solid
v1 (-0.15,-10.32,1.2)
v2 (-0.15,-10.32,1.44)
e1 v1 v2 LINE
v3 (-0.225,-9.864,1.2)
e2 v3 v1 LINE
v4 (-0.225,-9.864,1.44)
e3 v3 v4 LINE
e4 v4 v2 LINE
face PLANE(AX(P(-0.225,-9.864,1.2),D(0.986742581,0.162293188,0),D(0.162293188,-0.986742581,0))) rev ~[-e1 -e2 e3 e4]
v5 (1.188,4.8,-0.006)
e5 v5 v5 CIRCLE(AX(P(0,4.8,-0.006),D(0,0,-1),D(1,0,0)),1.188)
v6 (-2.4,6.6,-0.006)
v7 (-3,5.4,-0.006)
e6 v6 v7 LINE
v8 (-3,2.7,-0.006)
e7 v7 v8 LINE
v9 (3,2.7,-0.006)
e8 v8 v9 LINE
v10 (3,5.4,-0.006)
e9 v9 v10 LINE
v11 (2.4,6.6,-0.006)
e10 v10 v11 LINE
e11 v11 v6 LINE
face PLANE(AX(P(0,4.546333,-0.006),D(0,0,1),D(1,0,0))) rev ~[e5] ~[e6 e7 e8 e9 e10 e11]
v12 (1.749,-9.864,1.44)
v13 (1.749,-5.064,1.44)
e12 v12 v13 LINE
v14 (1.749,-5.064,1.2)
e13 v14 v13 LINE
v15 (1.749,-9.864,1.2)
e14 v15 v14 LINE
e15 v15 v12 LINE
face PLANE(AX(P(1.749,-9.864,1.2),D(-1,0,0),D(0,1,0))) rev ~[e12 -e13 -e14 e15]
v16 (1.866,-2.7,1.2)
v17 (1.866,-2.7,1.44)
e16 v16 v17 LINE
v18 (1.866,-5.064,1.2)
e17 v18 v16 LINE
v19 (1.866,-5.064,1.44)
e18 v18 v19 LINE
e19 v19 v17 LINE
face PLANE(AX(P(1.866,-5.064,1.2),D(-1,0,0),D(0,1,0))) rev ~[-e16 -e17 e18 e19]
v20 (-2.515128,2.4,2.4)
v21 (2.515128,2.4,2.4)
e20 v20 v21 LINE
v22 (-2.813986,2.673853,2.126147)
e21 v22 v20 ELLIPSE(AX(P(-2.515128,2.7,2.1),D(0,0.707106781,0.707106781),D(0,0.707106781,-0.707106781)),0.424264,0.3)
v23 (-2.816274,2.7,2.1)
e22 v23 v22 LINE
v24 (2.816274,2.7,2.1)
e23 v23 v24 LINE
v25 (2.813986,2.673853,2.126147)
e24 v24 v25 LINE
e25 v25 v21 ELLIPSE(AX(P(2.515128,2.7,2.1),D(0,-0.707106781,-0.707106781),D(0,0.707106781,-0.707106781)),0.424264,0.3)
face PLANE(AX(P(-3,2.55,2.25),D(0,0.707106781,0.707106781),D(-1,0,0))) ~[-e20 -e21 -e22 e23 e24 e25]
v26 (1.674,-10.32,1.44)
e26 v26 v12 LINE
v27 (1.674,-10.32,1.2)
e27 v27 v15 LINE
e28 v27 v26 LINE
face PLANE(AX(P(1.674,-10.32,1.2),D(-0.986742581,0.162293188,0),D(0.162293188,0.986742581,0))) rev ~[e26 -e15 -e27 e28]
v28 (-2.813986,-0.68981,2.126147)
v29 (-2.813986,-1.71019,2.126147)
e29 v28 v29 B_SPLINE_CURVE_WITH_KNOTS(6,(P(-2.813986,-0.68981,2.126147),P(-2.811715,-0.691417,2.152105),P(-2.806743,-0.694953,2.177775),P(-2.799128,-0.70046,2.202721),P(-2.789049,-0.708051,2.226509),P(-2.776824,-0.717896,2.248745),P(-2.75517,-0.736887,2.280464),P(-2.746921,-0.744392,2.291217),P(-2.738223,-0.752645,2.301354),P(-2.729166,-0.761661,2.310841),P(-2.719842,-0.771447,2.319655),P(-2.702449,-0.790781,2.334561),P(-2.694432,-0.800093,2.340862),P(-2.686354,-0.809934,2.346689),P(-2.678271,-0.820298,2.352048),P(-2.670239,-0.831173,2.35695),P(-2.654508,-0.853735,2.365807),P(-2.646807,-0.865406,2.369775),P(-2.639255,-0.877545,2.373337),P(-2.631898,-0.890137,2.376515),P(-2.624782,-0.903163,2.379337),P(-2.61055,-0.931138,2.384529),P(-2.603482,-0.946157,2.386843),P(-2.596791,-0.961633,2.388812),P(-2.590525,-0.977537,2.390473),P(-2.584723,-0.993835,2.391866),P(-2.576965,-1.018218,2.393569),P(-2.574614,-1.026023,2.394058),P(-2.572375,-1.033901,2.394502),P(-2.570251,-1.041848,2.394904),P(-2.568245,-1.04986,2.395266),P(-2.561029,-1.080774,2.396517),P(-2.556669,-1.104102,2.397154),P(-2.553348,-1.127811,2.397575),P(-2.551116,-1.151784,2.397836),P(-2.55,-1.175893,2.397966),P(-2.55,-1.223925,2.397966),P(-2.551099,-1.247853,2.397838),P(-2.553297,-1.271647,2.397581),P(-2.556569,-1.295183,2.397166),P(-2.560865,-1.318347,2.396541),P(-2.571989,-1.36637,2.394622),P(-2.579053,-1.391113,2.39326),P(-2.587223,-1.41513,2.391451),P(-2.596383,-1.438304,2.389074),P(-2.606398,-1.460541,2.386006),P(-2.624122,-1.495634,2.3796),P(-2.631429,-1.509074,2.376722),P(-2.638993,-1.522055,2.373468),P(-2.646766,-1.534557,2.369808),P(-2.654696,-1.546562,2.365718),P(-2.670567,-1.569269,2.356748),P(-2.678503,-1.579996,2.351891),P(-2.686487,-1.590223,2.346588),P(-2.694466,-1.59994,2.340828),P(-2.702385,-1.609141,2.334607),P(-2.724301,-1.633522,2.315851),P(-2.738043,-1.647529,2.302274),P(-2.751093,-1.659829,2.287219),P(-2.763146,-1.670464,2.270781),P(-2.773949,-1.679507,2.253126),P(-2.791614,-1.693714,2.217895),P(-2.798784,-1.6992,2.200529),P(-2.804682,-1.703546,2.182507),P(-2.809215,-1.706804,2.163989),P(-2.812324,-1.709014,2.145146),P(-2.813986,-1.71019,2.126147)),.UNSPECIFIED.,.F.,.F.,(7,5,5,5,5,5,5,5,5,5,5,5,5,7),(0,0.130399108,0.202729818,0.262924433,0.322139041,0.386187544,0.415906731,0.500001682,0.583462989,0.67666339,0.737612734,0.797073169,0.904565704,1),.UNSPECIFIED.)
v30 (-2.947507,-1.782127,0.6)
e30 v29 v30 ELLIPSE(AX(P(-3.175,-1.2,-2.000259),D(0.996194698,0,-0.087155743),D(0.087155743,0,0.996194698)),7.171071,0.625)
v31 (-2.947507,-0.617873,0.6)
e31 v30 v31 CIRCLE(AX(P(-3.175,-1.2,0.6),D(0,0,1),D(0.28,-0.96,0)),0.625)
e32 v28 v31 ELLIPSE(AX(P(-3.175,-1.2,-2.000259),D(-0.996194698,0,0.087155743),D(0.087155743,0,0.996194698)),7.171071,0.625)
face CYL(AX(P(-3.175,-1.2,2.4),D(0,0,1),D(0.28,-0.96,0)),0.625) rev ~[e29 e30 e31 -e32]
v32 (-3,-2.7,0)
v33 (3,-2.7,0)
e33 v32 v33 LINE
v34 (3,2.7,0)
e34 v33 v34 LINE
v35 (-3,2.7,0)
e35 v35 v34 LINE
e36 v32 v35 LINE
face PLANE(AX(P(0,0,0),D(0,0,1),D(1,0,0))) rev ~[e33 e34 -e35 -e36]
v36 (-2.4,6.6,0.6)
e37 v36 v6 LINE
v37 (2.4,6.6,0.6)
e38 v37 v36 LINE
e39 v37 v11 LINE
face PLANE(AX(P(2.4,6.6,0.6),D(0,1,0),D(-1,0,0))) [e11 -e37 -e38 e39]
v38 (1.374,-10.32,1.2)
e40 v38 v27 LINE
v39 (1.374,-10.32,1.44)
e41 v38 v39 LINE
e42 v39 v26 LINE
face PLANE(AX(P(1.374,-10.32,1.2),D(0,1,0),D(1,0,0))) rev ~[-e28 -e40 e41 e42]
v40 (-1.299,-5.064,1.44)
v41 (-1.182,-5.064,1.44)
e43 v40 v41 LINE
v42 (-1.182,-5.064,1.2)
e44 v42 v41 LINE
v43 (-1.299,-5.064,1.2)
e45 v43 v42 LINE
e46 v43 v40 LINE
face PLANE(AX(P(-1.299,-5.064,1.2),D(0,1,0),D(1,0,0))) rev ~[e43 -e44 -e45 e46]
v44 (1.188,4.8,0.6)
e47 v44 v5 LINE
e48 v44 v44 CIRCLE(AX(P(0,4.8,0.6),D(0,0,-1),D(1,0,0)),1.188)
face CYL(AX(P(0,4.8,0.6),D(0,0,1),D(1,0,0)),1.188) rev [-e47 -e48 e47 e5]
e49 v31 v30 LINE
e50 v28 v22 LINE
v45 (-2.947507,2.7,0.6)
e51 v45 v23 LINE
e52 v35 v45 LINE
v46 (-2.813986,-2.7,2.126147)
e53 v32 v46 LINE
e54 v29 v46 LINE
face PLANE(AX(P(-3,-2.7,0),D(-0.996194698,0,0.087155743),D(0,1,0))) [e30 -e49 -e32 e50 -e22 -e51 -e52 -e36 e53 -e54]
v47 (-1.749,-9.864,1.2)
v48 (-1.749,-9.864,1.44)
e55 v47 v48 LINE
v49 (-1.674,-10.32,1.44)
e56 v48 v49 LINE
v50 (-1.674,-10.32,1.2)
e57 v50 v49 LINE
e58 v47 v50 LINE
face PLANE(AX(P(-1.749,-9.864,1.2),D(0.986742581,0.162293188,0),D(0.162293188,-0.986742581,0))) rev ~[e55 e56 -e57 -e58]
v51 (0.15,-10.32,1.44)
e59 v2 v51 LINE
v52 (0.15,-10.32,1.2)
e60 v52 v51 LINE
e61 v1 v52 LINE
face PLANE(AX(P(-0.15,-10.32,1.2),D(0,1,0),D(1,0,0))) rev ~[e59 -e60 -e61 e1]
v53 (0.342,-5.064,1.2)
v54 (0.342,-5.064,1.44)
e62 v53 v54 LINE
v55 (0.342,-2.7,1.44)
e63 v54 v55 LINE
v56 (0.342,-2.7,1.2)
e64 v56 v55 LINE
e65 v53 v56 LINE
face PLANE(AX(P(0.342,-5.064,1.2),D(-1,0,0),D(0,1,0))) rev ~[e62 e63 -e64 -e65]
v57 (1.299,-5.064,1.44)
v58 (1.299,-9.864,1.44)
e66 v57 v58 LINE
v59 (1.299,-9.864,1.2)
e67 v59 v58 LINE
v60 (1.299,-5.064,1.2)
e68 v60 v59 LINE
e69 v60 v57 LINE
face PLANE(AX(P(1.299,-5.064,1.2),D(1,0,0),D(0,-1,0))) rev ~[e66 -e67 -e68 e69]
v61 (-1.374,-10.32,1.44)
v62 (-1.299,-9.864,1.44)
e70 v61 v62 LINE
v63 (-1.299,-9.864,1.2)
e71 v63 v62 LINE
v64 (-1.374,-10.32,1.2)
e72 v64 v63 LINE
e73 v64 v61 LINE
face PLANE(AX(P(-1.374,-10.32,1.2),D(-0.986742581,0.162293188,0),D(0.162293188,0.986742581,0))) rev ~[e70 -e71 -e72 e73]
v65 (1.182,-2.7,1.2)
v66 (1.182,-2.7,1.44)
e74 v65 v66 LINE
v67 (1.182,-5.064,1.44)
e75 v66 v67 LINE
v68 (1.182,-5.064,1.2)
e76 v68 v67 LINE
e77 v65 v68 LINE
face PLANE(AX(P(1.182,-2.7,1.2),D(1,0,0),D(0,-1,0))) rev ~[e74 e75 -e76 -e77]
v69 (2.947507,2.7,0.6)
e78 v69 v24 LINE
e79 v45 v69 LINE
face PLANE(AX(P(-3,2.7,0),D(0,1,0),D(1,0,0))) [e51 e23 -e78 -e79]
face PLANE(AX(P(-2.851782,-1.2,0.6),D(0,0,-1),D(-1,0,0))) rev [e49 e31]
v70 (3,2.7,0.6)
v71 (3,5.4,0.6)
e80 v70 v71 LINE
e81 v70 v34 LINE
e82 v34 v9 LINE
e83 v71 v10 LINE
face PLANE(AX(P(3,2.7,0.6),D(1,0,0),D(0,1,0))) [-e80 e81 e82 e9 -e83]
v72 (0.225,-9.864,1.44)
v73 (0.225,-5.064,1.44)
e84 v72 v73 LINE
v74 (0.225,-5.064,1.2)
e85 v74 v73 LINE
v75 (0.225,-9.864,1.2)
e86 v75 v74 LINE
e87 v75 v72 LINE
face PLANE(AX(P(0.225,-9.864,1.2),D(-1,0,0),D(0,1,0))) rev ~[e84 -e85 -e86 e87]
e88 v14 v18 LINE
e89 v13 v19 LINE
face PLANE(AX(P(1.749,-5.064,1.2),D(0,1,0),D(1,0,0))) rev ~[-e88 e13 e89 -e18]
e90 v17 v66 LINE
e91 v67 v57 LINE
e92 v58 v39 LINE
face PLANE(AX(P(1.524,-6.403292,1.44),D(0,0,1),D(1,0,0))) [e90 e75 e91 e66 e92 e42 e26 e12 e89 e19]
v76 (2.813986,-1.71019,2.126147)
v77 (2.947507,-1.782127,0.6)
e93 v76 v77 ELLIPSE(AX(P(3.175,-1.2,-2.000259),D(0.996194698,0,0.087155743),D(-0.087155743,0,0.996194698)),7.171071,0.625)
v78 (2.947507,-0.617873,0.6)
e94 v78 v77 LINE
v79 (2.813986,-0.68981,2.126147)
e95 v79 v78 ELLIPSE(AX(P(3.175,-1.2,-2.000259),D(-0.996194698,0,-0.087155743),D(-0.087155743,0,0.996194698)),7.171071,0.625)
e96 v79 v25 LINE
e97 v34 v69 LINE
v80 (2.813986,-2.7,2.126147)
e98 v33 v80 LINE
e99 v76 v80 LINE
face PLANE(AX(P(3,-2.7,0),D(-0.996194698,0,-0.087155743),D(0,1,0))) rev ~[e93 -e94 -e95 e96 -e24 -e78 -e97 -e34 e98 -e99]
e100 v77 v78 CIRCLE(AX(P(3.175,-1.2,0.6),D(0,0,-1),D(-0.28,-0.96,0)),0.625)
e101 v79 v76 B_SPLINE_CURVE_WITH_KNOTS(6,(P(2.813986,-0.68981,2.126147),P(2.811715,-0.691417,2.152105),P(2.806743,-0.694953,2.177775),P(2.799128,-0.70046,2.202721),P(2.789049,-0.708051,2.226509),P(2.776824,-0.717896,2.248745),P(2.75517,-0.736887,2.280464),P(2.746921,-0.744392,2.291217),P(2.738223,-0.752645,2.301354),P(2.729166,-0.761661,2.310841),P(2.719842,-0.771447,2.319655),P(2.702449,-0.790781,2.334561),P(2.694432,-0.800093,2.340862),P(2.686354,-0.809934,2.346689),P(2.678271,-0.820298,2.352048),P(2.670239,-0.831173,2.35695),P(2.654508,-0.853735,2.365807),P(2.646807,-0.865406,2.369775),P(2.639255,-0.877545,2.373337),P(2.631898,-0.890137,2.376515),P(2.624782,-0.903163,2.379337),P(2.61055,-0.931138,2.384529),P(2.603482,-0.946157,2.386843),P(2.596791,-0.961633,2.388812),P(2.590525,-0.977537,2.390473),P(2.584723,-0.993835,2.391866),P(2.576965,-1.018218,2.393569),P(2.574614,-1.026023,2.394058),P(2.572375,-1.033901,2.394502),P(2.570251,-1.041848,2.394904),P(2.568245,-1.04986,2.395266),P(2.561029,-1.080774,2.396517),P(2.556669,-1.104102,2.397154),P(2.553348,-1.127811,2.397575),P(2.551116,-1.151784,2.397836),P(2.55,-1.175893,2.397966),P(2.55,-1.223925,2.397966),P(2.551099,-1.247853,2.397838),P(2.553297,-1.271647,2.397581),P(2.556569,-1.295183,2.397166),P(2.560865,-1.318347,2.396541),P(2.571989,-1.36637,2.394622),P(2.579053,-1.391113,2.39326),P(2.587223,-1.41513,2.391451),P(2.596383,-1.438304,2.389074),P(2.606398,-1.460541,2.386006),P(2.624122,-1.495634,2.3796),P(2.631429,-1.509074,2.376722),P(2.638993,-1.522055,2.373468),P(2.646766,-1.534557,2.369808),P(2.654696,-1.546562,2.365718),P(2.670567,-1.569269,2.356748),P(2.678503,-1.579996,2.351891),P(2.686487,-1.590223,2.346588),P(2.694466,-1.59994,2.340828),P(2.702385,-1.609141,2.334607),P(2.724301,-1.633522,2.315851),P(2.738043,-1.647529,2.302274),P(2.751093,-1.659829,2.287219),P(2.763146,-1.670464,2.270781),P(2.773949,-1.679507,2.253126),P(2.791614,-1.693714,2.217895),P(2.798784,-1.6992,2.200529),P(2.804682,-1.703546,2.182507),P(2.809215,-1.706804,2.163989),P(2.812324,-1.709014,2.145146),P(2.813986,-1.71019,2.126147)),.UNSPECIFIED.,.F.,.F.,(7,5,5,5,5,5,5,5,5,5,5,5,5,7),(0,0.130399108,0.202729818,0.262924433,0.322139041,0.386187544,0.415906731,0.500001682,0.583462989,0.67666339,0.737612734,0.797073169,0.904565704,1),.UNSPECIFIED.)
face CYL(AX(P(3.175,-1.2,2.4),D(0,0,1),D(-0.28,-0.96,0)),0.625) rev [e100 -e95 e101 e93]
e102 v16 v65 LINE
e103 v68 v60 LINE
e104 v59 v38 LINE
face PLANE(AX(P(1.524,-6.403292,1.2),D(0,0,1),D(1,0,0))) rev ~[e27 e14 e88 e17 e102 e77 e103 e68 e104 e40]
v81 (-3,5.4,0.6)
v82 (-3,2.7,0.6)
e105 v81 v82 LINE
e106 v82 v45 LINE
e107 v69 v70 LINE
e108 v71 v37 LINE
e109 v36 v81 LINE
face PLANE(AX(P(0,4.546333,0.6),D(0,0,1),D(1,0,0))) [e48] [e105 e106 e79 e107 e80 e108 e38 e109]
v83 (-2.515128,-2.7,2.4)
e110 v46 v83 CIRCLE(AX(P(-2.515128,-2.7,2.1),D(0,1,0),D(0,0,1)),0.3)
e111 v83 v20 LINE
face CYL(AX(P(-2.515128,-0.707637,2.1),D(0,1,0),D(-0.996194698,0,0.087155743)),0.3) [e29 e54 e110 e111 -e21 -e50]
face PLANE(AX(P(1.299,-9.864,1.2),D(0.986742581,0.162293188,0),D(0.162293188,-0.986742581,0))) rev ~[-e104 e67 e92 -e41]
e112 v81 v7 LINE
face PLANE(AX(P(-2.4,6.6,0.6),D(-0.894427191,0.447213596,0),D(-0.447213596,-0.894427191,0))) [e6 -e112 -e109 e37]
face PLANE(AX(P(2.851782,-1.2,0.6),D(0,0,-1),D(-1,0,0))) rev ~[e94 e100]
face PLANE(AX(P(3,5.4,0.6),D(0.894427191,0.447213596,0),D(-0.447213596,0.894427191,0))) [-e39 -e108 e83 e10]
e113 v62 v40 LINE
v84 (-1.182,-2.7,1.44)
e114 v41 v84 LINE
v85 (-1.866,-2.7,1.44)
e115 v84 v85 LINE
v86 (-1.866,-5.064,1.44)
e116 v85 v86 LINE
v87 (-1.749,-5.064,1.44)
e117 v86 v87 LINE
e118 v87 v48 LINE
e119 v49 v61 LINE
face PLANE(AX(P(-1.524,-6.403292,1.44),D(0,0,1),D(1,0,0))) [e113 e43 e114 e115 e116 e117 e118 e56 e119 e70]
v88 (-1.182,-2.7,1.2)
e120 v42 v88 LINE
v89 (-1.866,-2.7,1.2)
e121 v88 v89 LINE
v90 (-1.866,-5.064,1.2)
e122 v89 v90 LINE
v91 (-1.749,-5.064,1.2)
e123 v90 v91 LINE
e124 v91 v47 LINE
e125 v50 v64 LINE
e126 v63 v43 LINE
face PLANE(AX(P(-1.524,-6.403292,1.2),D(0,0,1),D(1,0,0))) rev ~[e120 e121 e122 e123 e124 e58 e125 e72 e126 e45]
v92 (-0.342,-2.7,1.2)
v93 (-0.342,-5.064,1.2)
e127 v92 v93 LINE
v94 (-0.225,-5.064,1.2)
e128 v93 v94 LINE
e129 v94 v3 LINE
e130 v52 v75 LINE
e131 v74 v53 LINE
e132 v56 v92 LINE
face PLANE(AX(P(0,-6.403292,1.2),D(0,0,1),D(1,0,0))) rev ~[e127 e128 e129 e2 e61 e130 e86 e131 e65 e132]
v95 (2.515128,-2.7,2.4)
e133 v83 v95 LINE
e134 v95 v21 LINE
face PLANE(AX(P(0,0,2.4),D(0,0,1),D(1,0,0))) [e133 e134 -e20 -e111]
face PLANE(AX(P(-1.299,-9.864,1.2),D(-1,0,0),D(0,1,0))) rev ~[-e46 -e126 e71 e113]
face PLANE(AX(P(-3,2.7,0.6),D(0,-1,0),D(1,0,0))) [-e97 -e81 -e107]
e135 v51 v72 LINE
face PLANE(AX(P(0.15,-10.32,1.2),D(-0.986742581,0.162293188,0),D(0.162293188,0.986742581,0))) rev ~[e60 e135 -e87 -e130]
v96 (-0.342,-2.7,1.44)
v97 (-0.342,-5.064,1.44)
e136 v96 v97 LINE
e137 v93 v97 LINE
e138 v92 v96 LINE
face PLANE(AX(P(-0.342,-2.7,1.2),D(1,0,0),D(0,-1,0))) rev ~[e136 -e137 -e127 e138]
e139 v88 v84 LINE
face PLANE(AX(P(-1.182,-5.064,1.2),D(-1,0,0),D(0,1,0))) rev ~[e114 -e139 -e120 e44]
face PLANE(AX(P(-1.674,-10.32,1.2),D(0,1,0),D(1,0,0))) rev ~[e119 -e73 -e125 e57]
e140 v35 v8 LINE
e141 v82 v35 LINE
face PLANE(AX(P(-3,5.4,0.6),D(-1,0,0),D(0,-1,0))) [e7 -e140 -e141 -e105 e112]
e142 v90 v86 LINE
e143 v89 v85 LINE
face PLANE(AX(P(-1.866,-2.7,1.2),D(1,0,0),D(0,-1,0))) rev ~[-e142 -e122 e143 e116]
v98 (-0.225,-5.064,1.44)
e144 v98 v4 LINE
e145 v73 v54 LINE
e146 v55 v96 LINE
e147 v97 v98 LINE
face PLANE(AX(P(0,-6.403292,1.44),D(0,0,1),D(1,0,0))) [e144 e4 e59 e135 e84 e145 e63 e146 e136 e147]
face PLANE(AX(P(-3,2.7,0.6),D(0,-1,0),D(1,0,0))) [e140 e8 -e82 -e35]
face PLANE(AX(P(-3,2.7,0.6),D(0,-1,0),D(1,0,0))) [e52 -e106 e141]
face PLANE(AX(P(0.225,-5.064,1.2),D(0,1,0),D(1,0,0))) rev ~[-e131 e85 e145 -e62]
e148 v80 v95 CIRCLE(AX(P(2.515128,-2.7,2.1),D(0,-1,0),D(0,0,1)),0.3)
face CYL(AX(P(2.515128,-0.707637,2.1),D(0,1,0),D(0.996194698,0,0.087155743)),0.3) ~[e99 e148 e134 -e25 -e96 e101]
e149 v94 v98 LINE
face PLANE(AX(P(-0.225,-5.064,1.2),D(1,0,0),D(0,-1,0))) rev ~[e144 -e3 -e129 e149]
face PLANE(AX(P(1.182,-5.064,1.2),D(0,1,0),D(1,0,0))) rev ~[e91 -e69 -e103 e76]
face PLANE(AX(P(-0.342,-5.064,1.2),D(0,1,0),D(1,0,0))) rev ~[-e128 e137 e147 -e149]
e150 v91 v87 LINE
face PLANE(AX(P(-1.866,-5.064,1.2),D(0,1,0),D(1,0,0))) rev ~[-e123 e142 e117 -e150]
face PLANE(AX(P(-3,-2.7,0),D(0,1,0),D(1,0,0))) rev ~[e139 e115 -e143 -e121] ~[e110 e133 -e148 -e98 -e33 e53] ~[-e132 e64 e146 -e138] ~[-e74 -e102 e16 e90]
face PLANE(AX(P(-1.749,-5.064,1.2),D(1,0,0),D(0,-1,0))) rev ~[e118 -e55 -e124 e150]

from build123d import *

# Parameters (mm, degrees)
SKETCH2_W                = 10
SKETCH2_H                = 9
BOSS_EXTRUDE1_DEPTH      = 4
CHAMFER1_SIZE            = 0.5
CUT_EXTRUDE1_DEPTH       = 3
BOSS_EXTRUDE2_DEPTH      = 0.4
LPATTERN1_COUNT          = 2
LPATTERN1_PITCH          = 2.54
LPATTERN2_COUNT          = 2
LPATTERN2_PITCH          = 2.54
DRAFT2_ANGLE             = -5
BOSS_EXTRUDE3_DEPTH      = 0.01
BOSS_EXTRUDE3_DEPTH_BACK = 1
SKETCH8_R                = 1.98
FILLET1_R                = 0.5
SCALE1_SCALE             = 0.6


with BuildPart() as part:
    # Sketch2 → Boss-Extrude1 (new body)
    with BuildSketch(Plane.XY):
        Rectangle(SKETCH2_W, SKETCH2_H)
    extrude(amount=BOSS_EXTRUDE1_DEPTH)

    # Chamfer1
    chamfer1_edges = [part.edges().sort_by_distance(p)[0] for p in [
        (0, 4.5, 4),
    ]]
    chamfer(chamfer1_edges, length=CHAMFER1_SIZE)

    # Sketch6 → Cut-Extrude1 (cut)
    with BuildSketch(Plane.XY.offset(4)):
        with BuildLine():
            Line((5, -1), (5, -3))
            ThreePointArc((5, -3), (4.25, -2), (5, -1))
        make_face()
    cut_extrude1 = extrude(amount=-CUT_EXTRUDE1_DEPTH, mode=Mode.SUBTRACT)

    # Mirror1: Cut-Extrude1 across plane
    add(cut_extrude1.mirror(Plane(origin=(0, 0, 0), x_dir=(0, 0, 1), z_dir=(1, 0, 0))), mode=Mode.SUBTRACT)

    # Sketch7 → Boss-Extrude2 (add)
    with BuildSketch(Plane.XY.offset(2)):
        Polygon((-0.57, -4.5), (-0.57, -8.44), (-0.375, -8.44), (-0.375, -16.44), (-0.25, -17.2), (0.25, -17.2), (0.375, -16.44), (0.375, -8.44), (0.57, -8.44), (0.57, -4.5), align=None)
    boss_extrude2 = extrude(amount=BOSS_EXTRUDE2_DEPTH)

    # LPattern1: Boss-Extrude2 ×2
    with Locations(*[(-i * LPATTERN1_PITCH, 0, 0) for i in range(1, LPATTERN1_COUNT)]):
        add(boss_extrude2)

    # LPattern2: Boss-Extrude2 ×2
    with Locations(*[(i * LPATTERN2_PITCH, 0, 0) for i in range(1, LPATTERN2_COUNT)]):
        add(boss_extrude2)

    # Draft2
    draft2_faces = [part.faces().sort_by_distance(p)[0] for p in [
        (5, 0.383542538, 1.891910739),
        (-5, 0.383542538, 1.891910739),
    ]]
    draft(draft2_faces, Plane(origin=(0, 0, 0), x_dir=(-1, 0, 0), z_dir=(0, 0, -1)), DRAFT2_ANGLE)

    # Sketch8 → Boss-Extrude3 (add, two sides: drawn at the far end of the back side and taken through both)
    with BuildSketch(Plane(origin=(0, 0, 0), x_dir=(-1, 0, 0), z_dir=(0, 0, -1)).offset(-BOSS_EXTRUDE3_DEPTH_BACK)):
        Polygon((-5, 9), (-4, 11), (4, 11), (5, 9), (5, 4.5), (-5, 4.5), align=None)
        with Locations(Location((0, 8, 0), (0, 0, 180))):
            Circle(SKETCH8_R, mode=Mode.SUBTRACT)
    extrude(amount=BOSS_EXTRUDE3_DEPTH + BOSS_EXTRUDE3_DEPTH_BACK)

    # Fillet1
    fillet1_edges = [part.edges().sort_by_distance(p)[0] for p in [
        (-4.650045346, 1.410302183, 4),
        (4.650045346, 1.410302183, 4),
    ]]
    fillet(fillet1_edges, radius=FILLET1_R)


with BuildPart() as part_1:
    # Scale1: scaled about (0, 0, 0)
    add(part.part.scale(SCALE1_SCALE))


solid = part_1.part
